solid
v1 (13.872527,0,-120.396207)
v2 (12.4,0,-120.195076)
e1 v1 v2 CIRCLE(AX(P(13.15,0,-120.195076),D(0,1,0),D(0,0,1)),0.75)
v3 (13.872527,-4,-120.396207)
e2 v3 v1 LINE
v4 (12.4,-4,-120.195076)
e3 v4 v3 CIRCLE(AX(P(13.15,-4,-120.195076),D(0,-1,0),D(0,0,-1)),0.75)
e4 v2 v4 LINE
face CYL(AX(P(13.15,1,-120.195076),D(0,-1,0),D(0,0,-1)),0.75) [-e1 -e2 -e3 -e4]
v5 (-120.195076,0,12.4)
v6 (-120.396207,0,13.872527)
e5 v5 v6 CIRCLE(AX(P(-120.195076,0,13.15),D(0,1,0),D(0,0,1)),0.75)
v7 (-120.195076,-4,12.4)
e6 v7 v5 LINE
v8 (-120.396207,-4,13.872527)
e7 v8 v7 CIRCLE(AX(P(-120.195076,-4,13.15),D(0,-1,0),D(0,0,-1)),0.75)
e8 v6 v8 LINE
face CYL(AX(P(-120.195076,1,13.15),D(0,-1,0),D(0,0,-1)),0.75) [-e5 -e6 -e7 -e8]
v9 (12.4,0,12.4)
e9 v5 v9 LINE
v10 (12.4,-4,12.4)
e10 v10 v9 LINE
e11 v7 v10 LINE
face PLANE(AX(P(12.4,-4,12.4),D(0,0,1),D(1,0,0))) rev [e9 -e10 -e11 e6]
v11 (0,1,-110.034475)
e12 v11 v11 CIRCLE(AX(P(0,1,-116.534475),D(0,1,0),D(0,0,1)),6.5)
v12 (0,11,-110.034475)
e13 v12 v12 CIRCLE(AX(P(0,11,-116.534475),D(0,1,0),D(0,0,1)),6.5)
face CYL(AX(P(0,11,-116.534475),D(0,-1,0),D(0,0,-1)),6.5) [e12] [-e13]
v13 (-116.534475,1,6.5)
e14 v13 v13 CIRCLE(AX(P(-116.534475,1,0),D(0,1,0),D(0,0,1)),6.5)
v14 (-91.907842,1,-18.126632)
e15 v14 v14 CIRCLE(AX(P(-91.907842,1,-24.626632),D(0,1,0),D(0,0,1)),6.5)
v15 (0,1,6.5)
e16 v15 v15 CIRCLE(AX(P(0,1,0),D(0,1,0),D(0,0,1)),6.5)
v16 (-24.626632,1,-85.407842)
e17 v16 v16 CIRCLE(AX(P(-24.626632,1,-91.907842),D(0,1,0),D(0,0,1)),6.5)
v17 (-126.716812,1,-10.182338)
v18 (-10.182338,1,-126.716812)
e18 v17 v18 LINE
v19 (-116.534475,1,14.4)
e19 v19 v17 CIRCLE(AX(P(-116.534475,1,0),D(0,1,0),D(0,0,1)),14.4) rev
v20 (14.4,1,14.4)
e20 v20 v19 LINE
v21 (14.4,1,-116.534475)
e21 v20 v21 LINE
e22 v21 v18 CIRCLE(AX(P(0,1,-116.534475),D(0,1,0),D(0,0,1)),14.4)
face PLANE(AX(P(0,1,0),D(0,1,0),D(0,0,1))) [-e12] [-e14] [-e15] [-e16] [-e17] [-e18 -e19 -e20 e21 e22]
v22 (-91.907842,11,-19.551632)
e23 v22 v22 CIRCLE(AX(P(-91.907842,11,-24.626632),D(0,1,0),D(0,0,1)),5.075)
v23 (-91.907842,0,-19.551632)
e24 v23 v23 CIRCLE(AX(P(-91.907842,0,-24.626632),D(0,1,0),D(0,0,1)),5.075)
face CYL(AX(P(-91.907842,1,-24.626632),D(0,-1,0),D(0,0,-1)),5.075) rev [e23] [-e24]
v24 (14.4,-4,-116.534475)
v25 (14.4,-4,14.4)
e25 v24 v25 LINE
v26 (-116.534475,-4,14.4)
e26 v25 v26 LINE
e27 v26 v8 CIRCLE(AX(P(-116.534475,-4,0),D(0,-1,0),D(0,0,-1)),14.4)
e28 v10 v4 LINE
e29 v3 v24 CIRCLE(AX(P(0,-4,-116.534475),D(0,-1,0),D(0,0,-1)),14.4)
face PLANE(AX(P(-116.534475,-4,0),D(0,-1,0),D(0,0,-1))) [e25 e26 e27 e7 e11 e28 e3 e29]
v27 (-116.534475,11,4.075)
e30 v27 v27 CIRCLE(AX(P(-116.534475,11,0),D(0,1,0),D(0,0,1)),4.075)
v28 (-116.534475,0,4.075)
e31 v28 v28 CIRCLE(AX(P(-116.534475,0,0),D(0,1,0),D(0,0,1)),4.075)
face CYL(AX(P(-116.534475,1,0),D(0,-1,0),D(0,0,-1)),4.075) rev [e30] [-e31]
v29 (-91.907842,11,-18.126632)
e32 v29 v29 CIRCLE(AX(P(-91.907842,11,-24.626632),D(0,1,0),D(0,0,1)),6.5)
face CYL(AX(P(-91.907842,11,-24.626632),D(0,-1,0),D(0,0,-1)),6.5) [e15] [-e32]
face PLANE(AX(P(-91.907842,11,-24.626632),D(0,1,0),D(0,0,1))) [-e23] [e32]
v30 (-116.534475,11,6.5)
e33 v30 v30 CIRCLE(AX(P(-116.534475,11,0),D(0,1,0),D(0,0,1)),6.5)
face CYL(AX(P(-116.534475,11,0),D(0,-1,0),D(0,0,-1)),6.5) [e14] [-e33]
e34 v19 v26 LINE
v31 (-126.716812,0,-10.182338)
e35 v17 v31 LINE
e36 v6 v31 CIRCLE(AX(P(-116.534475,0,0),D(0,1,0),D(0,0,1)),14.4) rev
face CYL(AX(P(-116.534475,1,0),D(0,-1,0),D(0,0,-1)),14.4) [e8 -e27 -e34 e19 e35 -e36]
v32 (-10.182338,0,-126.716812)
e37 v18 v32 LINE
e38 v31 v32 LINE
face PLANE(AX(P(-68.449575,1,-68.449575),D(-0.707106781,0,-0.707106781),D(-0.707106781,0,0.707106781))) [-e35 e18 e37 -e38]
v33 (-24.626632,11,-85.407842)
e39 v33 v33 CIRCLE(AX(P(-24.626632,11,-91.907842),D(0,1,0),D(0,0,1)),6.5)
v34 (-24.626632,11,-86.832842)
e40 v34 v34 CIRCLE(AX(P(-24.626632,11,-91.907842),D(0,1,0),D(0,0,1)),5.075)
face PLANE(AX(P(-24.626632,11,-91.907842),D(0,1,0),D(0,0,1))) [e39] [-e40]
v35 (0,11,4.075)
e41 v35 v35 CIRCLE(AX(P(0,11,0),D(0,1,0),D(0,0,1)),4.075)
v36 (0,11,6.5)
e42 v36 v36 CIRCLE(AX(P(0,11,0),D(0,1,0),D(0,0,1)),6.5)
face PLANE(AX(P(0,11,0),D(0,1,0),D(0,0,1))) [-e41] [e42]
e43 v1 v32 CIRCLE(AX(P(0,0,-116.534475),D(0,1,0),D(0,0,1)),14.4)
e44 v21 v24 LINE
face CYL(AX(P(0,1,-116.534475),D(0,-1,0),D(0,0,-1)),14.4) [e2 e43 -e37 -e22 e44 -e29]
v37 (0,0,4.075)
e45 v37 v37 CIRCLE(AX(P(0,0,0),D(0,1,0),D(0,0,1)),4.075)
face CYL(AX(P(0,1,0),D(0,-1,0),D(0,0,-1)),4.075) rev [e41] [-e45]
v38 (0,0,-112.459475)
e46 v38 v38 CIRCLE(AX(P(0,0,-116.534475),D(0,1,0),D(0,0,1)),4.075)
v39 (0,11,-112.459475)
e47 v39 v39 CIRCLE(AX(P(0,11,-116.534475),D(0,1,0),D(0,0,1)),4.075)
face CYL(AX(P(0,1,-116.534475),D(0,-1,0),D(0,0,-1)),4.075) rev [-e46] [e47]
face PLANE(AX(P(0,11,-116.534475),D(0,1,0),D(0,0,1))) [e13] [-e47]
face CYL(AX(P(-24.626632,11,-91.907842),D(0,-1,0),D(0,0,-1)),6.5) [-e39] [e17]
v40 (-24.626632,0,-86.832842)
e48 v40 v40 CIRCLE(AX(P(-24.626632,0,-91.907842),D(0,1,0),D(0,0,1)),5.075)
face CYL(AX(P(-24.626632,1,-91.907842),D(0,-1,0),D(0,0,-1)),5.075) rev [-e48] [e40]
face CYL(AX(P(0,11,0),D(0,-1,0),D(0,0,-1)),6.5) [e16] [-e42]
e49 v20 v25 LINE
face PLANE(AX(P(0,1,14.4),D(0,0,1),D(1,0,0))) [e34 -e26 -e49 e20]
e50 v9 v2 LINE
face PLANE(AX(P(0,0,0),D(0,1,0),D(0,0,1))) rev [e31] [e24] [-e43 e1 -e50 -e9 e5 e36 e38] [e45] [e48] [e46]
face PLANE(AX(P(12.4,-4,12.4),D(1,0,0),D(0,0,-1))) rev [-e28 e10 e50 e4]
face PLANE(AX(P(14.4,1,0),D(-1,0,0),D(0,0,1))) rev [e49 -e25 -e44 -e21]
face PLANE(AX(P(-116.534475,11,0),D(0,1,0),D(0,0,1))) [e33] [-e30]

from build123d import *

# Parameters (mm, degrees)
SKETCH1_R           = 4.075
SKETCH1_R_2         = 5.075
BOSS_EXTRUDE1_DEPTH = 1
BOSS_EXTRUDE3_START = 4
BOSS_EXTRUDE3_DEPTH = 4
FILLET2_R           = 0.75
SKETCH4_R           = 6.5
SKETCH4_R_2         = 4.075
SKETCH4_R_3         = 5.075
BOSS_EXTRUDE4_DEPTH = 10


with BuildPart() as part:
    # Sketch1 → Boss-Extrude1 (new body)
    with BuildSketch(Plane(origin=(0, 0, 0), x_dir=(1, 0, 0), z_dir=(0, 1, 0))):
        with BuildLine():
            Line((14.4, -14.4), (14.4, 116.534474513))
            ThreePointArc((14.4, 116.534474513), (5.510641426, 129.838339781), (-10.182337649, 126.716812162))
            Line((-10.182337649, 126.716812162), (-126.716812162, 10.182337649))
            ThreePointArc((-126.716812162, 10.182337649), (-129.838339781, -5.510641426), (-116.534474513, -14.4))
            Line((-116.534474513, -14.4), (14.4, -14.4))
        make_face()
        with Locations(Location((-116.534474513, 0, 0), (0, 0, 270))):
            Circle(SKETCH1_R, mode=Mode.SUBTRACT)
        with Locations(Location((0, 116.534474513, 0), (0, 0, 270))):
            Circle(SKETCH1_R, mode=Mode.SUBTRACT)
        with Locations(Location((0, 0, 0), (0, 0, 270))):
            Circle(SKETCH1_R, mode=Mode.SUBTRACT)
        with Locations(Location((-91.907842371, 24.626632142, 0), (0, 0, 270))):
            Circle(SKETCH1_R_2, mode=Mode.SUBTRACT)
        with Locations(Location((-24.626632142, 91.907842371, 0), (0, 0, 270))):
            Circle(SKETCH1_R_2, mode=Mode.SUBTRACT)
    extrude(amount=BOSS_EXTRUDE1_DEPTH)

    # Sketch3 → Boss-Extrude3 (add)
    with BuildSketch(Plane.XZ.offset(BOSS_EXTRUDE3_START)):
        with BuildLine():
            Line((12.4, 12.4), (12.4, -123.8556766))
            ThreePointArc((12.4, -123.8556766), (13.891004283, -120.329207705), (14.4, -116.534474513))
            Line((14.4, -116.534474513), (14.4, 14.4))
            Line((14.4, 14.4), (-116.534474513, 14.4))
            ThreePointArc((-116.534474513, 14.4), (-120.329207705, 13.891004283), (-123.8556766, 12.4))
            Line((-123.8556766, 12.4), (12.4, 12.4))
        make_face()
    extrude(amount=-BOSS_EXTRUDE3_DEPTH)

    # Fillet2
    fillet2_edges = [part.edges().sort_by_distance(p)[0] for p in [
        (-123.8556766, -2, 12.4),
        (12.4, -2, -123.8556766),
    ]]
    fillet(fillet2_edges, radius=FILLET2_R)

    # Sketch4 → Boss-Extrude4 (add)
    # profile 1 of 5: a face of its own
    with BuildSketch(Plane(origin=(0, 1, 0), x_dir=(1, 0, 0), z_dir=(0, 1, 0))):
        with Locations(Location((-116.534474513, 0, 0), (0, 0, 270))):
            Circle(SKETCH4_R)
        with Locations(Location((-116.534474513, 0, 0), (0, 0, 270))):
            Circle(SKETCH4_R_2, mode=Mode.SUBTRACT)
    # profile 2 of 5: a face of its own
    with BuildSketch(Plane(origin=(0, 1, 0), x_dir=(1, 0, 0), z_dir=(0, 1, 0))):
        with Locations(Location((0, 116.534474513, 0), (0, 0, 270))):
            Circle(SKETCH4_R)
        with Locations(Location((0, 116.534474513, 0), (0, 0, 270))):
            Circle(SKETCH4_R_2, mode=Mode.SUBTRACT)
    # profile 3 of 5: a face of its own
    with BuildSketch(Plane(origin=(0, 1, 0), x_dir=(1, 0, 0), z_dir=(0, 1, 0))):
        with Locations(Location((-91.907842371, 24.626632142, 0), (0, 0, 270))):
            Circle(SKETCH4_R)
        with Locations(Location((-91.907842371, 24.626632142, 0), (0, 0, 270))):
            Circle(SKETCH4_R_3, mode=Mode.SUBTRACT)
    # profile 4 of 5: a face of its own
    with BuildSketch(Plane(origin=(0, 1, 0), x_dir=(1, 0, 0), z_dir=(0, 1, 0))):
        with Locations(Location((-24.626632142, 91.907842371, 0), (0, 0, 270))):
            Circle(SKETCH4_R)
        with Locations(Location((-24.626632142, 91.907842371, 0), (0, 0, 270))):
            Circle(SKETCH4_R_3, mode=Mode.SUBTRACT)
    # profile 5 of 5: a face of its own
    with BuildSketch(Plane(origin=(0, 1, 0), x_dir=(1, 0, 0), z_dir=(0, 1, 0))):
        with Locations(Location((0, 0, 0), (0, 0, 270))):
            Circle(SKETCH4_R)
        with Locations(Location((0, 0, 0), (0, 0, 270))):
            Circle(SKETCH4_R_2, mode=Mode.SUBTRACT)
    extrude(amount=BOSS_EXTRUDE4_DEPTH)


solid = part.part
